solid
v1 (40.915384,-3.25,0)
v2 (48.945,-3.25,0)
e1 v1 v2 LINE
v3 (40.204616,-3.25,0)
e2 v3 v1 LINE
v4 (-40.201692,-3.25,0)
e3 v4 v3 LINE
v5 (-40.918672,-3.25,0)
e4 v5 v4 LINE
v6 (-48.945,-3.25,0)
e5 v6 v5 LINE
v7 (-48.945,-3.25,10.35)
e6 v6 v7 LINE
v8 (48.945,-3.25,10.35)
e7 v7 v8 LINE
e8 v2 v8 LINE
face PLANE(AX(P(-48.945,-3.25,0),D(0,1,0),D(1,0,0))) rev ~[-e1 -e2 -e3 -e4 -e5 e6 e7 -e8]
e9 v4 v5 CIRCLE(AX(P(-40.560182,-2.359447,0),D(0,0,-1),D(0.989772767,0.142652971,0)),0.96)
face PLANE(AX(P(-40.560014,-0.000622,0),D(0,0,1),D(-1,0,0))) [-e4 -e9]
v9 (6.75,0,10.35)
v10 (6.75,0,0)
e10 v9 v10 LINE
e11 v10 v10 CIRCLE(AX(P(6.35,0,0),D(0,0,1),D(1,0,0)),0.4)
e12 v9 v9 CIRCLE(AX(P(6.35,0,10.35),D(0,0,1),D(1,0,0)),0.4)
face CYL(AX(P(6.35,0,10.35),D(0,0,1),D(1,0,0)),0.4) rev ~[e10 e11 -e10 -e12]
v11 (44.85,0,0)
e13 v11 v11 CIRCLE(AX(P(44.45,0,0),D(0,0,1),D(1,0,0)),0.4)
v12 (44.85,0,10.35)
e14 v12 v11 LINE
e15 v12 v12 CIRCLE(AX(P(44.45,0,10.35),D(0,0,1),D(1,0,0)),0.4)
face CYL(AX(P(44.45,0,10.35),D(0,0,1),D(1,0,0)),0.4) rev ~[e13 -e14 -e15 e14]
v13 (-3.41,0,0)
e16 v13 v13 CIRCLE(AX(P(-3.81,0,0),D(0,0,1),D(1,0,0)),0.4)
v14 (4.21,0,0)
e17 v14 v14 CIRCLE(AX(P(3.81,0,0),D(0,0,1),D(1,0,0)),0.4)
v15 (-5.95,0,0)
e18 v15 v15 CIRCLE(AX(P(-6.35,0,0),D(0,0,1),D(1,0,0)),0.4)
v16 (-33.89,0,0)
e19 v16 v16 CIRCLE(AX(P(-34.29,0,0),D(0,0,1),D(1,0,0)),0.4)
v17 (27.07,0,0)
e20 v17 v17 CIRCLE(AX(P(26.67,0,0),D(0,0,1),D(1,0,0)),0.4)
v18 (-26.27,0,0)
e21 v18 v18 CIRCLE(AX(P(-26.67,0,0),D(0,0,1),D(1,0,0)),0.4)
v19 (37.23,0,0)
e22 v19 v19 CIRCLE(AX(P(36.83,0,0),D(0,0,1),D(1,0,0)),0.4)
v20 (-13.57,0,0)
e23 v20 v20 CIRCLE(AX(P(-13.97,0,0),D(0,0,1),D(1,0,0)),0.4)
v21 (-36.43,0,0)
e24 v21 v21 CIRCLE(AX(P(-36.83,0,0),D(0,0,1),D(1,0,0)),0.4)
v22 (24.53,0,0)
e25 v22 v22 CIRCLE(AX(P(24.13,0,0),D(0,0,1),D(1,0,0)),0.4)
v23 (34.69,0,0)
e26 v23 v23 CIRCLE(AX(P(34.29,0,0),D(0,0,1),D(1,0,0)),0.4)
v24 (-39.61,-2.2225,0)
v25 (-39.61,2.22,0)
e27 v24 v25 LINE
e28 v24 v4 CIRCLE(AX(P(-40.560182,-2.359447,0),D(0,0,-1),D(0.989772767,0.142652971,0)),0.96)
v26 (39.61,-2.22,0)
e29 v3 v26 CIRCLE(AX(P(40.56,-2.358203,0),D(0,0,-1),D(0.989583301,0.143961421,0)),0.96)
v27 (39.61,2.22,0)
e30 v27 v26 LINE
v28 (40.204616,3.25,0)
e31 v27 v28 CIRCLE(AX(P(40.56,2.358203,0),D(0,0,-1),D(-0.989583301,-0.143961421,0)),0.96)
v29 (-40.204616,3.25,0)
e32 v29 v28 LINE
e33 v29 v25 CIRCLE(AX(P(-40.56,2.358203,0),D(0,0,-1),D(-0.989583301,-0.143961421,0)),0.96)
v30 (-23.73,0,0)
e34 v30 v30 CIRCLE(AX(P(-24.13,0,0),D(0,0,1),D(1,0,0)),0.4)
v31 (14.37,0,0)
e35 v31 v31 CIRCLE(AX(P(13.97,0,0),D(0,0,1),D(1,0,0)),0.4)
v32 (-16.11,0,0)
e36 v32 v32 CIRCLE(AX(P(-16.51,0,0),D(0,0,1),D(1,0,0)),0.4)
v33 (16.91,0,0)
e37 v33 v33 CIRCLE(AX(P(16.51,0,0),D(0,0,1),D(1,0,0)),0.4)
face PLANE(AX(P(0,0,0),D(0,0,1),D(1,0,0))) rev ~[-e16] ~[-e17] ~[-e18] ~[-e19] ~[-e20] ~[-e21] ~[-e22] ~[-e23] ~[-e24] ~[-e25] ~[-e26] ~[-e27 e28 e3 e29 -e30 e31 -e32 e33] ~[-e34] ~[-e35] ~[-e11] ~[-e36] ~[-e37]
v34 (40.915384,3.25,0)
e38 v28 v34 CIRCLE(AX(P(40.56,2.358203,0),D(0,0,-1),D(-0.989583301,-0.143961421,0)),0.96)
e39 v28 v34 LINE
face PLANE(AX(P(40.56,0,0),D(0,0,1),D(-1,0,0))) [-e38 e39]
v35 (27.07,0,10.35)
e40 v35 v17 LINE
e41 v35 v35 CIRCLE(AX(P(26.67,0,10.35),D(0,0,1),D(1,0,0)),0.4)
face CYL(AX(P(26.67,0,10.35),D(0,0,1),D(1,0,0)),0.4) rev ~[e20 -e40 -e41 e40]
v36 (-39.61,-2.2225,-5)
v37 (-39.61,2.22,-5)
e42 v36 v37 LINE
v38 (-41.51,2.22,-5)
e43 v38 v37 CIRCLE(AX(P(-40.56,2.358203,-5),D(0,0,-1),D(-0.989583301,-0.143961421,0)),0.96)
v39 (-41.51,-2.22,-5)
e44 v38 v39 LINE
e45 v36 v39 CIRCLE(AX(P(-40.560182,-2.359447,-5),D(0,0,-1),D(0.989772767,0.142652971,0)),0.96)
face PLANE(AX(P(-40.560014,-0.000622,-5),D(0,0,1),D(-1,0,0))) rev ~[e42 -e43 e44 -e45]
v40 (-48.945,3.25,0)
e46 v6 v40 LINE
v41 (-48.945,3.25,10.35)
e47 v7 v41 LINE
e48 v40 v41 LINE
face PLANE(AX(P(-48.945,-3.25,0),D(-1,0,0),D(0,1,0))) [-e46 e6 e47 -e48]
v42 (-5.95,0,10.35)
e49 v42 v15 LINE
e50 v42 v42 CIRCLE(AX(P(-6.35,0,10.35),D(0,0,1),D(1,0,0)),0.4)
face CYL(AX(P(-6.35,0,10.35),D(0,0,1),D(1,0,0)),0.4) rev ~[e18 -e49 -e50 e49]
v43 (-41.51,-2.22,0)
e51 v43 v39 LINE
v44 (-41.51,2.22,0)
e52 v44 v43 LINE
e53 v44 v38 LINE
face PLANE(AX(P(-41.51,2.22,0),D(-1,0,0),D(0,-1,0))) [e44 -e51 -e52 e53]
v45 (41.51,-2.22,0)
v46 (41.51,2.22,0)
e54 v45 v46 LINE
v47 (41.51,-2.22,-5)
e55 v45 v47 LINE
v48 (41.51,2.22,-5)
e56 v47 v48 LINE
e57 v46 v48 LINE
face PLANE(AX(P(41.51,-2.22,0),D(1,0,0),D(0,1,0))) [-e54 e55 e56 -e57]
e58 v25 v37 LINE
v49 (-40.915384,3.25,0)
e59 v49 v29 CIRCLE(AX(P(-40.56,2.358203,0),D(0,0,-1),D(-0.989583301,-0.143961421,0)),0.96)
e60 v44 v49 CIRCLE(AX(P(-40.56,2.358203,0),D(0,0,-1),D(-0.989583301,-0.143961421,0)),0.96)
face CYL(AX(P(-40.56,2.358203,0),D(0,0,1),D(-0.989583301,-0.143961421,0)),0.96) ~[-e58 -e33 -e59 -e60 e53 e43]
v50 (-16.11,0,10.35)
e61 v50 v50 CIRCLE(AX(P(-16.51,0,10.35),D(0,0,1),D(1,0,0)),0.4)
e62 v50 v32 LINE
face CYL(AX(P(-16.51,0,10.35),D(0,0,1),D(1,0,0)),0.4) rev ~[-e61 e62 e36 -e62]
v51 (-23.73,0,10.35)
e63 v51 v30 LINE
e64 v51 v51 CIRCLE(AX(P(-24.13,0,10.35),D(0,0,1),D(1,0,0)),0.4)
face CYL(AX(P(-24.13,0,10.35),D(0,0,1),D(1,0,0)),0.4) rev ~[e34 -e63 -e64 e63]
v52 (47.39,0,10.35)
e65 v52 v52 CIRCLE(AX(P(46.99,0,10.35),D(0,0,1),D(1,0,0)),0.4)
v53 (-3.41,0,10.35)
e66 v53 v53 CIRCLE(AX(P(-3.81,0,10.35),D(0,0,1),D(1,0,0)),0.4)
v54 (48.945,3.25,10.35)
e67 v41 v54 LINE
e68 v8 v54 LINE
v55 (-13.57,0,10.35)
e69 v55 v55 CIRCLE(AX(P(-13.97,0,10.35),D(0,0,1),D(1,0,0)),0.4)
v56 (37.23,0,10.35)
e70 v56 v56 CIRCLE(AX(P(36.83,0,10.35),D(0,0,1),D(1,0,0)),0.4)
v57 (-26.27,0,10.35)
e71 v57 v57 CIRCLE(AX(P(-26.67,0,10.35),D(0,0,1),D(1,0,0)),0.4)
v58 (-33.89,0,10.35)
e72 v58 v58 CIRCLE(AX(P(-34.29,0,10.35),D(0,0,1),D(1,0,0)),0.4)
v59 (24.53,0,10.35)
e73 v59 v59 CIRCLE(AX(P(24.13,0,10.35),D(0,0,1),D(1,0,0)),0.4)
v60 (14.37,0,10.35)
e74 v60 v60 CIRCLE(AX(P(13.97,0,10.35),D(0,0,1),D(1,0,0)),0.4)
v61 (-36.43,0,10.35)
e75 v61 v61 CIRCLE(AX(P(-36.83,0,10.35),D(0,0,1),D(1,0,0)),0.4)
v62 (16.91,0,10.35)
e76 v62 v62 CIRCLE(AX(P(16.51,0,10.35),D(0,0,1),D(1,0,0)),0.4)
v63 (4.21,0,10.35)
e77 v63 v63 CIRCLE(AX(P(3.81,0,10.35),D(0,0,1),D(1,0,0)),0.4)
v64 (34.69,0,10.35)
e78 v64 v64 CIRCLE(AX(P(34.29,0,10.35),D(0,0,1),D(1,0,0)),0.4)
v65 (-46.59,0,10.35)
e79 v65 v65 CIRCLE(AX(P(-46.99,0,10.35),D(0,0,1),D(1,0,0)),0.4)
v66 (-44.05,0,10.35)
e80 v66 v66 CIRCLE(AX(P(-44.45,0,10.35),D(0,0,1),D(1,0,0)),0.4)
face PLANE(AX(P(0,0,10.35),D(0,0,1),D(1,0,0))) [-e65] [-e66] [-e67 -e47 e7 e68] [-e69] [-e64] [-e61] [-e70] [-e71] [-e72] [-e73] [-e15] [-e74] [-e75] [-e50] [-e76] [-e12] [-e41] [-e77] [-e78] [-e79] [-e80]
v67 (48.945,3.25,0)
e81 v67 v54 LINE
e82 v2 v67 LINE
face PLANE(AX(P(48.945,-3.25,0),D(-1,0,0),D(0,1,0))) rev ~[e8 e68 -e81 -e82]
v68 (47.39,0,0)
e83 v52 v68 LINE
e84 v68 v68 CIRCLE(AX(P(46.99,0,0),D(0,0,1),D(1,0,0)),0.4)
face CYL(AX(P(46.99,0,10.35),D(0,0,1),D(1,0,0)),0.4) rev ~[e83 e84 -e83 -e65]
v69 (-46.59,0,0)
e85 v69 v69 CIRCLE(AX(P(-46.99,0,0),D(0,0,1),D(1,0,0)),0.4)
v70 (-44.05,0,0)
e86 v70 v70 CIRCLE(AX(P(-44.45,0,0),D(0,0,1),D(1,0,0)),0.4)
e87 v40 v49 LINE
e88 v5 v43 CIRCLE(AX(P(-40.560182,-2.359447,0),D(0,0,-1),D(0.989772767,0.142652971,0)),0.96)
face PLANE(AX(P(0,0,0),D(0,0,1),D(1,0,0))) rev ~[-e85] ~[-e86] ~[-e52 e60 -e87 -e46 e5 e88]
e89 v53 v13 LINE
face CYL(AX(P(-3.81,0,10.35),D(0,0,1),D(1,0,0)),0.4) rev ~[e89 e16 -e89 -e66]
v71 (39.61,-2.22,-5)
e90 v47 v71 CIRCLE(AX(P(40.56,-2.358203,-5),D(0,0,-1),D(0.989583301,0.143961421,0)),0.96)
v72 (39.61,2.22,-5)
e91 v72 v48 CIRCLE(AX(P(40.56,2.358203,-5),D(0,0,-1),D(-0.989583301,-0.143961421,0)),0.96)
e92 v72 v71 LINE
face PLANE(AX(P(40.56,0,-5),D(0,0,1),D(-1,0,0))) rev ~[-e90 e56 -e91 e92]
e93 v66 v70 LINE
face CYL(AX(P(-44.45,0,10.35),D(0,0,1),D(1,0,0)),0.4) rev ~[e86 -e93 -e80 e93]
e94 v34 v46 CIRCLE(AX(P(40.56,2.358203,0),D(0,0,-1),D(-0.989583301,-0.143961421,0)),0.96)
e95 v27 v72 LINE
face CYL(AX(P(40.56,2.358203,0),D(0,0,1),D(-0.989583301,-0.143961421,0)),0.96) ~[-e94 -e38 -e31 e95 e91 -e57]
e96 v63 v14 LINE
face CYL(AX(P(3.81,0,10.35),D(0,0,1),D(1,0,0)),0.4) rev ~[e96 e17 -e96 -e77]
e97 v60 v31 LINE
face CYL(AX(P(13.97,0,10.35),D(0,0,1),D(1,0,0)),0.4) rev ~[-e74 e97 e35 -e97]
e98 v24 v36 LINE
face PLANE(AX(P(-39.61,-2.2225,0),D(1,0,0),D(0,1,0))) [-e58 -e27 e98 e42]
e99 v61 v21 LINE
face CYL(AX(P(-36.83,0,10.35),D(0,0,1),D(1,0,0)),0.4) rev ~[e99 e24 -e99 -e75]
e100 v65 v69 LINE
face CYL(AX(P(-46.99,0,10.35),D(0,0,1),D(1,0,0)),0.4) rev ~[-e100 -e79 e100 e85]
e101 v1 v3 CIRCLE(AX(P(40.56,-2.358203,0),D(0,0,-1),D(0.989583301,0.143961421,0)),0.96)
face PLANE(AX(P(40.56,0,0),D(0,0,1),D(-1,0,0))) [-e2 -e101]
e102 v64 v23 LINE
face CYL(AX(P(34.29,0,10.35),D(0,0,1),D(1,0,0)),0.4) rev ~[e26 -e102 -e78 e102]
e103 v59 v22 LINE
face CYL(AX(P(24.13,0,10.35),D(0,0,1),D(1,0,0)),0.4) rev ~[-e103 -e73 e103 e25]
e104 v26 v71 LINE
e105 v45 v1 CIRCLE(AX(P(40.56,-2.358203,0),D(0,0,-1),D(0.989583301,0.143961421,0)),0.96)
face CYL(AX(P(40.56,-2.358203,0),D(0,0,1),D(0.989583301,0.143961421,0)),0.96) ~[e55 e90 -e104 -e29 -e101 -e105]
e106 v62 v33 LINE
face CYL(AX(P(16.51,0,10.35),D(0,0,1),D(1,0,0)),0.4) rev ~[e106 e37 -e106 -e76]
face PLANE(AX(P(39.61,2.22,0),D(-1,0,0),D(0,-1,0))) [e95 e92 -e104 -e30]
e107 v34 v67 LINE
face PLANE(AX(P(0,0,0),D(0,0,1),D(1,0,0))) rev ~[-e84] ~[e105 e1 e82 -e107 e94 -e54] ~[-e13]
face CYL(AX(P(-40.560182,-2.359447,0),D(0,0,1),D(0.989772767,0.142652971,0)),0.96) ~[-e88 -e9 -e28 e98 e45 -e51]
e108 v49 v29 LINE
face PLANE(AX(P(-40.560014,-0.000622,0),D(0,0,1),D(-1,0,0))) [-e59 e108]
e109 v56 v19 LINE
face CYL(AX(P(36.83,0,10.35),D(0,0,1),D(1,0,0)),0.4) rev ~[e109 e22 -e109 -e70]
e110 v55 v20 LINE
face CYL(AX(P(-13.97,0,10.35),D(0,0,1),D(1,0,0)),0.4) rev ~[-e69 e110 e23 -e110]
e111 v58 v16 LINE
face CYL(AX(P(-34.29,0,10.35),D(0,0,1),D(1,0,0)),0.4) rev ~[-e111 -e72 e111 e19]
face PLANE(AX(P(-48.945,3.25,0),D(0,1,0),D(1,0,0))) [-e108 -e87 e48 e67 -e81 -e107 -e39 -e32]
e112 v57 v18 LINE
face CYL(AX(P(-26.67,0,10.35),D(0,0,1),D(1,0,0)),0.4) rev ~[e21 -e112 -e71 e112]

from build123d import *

# Parameters (mm, degrees)
SKETCH_W     = 97.89
SKETCH_H     = 6.5
PAD_DEPTH    = 10.35
SKETCH001_R  = 0.4
POCKET_DEPTH = 70
PAD001_DEPTH = 5


with BuildPart() as part:
    # Sketch → Pad (new body)
    with BuildSketch(Plane.XY):
        Rectangle(SKETCH_W, SKETCH_H)
    extrude(amount=PAD_DEPTH)

    # Sketch001 (on Face6 of Pad) → Pocket (cut)
    with BuildSketch(Plane.XY.offset(10.35)):
        with Locations((3.81, 0)):
            Circle(SKETCH001_R)
        with Locations((6.35, 0)):
            Circle(SKETCH001_R)
        with Locations((-16.51, 0)):
            Circle(SKETCH001_R)
        with Locations((-13.97, 0)):
            Circle(SKETCH001_R)
        with Locations((-34.29, 0)):
            Circle(SKETCH001_R)
        with Locations((-36.83, 0)):
            Circle(SKETCH001_R)
        with Locations((13.97, 0)):
            Circle(SKETCH001_R)
        with Locations((16.51, 0)):
            Circle(SKETCH001_R)
        with Locations((24.13, 0)):
            Circle(SKETCH001_R)
        with Locations((26.67, 0)):
            Circle(SKETCH001_R)
        with Locations((34.29, 0)):
            Circle(SKETCH001_R)
        with Locations((36.83, 0)):
            Circle(SKETCH001_R)
        with Locations((44.45, 0)):
            Circle(SKETCH001_R)
        with Locations((46.99, 0)):
            Circle(SKETCH001_R)
        with Locations((-46.99, 0)):
            Circle(SKETCH001_R)
        with Locations((-44.45, 0)):
            Circle(SKETCH001_R)
        with Locations((-26.67, 0)):
            Circle(SKETCH001_R)
        with Locations((-24.13, 0)):
            Circle(SKETCH001_R)
        with Locations((-6.35, 0)):
            Circle(SKETCH001_R)
        with Locations((-3.81, 0)):
            Circle(SKETCH001_R)
    extrude(amount=-POCKET_DEPTH, mode=Mode.SUBTRACT)

    # Sketch002 (on Face4 of Pocket) → Pad001 (join)
    with BuildSketch(Plane(origin=(0, 0, 0), x_dir=(1, 0, 0), z_dir=(0, 0, -1))):
        with BuildLine():
            Line((-39.61, 2.2225), (-39.61, -2.22))
            ThreePointArc((-41.51, -2.22), (-40.56, -3.318203), (-39.61, -2.22))
            Line((-41.51, -2.22), (-41.51, 2.22))
            ThreePointArc((-39.61, 2.2225), (-40.561445, 3.319446), (-41.51, 2.22))
        make_face()
        with BuildLine():
            Line((41.51, 2.22), (41.51, -2.22))
            ThreePointArc((39.61, -2.22), (40.56, -3.318203), (41.51, -2.22))
            Line((39.61, -2.22), (39.61, 2.22))
            ThreePointArc((41.51, 2.22), (40.56, 3.318203), (39.61, 2.22))
        make_face()
    extrude(amount=PAD001_DEPTH)


solid = part.part
